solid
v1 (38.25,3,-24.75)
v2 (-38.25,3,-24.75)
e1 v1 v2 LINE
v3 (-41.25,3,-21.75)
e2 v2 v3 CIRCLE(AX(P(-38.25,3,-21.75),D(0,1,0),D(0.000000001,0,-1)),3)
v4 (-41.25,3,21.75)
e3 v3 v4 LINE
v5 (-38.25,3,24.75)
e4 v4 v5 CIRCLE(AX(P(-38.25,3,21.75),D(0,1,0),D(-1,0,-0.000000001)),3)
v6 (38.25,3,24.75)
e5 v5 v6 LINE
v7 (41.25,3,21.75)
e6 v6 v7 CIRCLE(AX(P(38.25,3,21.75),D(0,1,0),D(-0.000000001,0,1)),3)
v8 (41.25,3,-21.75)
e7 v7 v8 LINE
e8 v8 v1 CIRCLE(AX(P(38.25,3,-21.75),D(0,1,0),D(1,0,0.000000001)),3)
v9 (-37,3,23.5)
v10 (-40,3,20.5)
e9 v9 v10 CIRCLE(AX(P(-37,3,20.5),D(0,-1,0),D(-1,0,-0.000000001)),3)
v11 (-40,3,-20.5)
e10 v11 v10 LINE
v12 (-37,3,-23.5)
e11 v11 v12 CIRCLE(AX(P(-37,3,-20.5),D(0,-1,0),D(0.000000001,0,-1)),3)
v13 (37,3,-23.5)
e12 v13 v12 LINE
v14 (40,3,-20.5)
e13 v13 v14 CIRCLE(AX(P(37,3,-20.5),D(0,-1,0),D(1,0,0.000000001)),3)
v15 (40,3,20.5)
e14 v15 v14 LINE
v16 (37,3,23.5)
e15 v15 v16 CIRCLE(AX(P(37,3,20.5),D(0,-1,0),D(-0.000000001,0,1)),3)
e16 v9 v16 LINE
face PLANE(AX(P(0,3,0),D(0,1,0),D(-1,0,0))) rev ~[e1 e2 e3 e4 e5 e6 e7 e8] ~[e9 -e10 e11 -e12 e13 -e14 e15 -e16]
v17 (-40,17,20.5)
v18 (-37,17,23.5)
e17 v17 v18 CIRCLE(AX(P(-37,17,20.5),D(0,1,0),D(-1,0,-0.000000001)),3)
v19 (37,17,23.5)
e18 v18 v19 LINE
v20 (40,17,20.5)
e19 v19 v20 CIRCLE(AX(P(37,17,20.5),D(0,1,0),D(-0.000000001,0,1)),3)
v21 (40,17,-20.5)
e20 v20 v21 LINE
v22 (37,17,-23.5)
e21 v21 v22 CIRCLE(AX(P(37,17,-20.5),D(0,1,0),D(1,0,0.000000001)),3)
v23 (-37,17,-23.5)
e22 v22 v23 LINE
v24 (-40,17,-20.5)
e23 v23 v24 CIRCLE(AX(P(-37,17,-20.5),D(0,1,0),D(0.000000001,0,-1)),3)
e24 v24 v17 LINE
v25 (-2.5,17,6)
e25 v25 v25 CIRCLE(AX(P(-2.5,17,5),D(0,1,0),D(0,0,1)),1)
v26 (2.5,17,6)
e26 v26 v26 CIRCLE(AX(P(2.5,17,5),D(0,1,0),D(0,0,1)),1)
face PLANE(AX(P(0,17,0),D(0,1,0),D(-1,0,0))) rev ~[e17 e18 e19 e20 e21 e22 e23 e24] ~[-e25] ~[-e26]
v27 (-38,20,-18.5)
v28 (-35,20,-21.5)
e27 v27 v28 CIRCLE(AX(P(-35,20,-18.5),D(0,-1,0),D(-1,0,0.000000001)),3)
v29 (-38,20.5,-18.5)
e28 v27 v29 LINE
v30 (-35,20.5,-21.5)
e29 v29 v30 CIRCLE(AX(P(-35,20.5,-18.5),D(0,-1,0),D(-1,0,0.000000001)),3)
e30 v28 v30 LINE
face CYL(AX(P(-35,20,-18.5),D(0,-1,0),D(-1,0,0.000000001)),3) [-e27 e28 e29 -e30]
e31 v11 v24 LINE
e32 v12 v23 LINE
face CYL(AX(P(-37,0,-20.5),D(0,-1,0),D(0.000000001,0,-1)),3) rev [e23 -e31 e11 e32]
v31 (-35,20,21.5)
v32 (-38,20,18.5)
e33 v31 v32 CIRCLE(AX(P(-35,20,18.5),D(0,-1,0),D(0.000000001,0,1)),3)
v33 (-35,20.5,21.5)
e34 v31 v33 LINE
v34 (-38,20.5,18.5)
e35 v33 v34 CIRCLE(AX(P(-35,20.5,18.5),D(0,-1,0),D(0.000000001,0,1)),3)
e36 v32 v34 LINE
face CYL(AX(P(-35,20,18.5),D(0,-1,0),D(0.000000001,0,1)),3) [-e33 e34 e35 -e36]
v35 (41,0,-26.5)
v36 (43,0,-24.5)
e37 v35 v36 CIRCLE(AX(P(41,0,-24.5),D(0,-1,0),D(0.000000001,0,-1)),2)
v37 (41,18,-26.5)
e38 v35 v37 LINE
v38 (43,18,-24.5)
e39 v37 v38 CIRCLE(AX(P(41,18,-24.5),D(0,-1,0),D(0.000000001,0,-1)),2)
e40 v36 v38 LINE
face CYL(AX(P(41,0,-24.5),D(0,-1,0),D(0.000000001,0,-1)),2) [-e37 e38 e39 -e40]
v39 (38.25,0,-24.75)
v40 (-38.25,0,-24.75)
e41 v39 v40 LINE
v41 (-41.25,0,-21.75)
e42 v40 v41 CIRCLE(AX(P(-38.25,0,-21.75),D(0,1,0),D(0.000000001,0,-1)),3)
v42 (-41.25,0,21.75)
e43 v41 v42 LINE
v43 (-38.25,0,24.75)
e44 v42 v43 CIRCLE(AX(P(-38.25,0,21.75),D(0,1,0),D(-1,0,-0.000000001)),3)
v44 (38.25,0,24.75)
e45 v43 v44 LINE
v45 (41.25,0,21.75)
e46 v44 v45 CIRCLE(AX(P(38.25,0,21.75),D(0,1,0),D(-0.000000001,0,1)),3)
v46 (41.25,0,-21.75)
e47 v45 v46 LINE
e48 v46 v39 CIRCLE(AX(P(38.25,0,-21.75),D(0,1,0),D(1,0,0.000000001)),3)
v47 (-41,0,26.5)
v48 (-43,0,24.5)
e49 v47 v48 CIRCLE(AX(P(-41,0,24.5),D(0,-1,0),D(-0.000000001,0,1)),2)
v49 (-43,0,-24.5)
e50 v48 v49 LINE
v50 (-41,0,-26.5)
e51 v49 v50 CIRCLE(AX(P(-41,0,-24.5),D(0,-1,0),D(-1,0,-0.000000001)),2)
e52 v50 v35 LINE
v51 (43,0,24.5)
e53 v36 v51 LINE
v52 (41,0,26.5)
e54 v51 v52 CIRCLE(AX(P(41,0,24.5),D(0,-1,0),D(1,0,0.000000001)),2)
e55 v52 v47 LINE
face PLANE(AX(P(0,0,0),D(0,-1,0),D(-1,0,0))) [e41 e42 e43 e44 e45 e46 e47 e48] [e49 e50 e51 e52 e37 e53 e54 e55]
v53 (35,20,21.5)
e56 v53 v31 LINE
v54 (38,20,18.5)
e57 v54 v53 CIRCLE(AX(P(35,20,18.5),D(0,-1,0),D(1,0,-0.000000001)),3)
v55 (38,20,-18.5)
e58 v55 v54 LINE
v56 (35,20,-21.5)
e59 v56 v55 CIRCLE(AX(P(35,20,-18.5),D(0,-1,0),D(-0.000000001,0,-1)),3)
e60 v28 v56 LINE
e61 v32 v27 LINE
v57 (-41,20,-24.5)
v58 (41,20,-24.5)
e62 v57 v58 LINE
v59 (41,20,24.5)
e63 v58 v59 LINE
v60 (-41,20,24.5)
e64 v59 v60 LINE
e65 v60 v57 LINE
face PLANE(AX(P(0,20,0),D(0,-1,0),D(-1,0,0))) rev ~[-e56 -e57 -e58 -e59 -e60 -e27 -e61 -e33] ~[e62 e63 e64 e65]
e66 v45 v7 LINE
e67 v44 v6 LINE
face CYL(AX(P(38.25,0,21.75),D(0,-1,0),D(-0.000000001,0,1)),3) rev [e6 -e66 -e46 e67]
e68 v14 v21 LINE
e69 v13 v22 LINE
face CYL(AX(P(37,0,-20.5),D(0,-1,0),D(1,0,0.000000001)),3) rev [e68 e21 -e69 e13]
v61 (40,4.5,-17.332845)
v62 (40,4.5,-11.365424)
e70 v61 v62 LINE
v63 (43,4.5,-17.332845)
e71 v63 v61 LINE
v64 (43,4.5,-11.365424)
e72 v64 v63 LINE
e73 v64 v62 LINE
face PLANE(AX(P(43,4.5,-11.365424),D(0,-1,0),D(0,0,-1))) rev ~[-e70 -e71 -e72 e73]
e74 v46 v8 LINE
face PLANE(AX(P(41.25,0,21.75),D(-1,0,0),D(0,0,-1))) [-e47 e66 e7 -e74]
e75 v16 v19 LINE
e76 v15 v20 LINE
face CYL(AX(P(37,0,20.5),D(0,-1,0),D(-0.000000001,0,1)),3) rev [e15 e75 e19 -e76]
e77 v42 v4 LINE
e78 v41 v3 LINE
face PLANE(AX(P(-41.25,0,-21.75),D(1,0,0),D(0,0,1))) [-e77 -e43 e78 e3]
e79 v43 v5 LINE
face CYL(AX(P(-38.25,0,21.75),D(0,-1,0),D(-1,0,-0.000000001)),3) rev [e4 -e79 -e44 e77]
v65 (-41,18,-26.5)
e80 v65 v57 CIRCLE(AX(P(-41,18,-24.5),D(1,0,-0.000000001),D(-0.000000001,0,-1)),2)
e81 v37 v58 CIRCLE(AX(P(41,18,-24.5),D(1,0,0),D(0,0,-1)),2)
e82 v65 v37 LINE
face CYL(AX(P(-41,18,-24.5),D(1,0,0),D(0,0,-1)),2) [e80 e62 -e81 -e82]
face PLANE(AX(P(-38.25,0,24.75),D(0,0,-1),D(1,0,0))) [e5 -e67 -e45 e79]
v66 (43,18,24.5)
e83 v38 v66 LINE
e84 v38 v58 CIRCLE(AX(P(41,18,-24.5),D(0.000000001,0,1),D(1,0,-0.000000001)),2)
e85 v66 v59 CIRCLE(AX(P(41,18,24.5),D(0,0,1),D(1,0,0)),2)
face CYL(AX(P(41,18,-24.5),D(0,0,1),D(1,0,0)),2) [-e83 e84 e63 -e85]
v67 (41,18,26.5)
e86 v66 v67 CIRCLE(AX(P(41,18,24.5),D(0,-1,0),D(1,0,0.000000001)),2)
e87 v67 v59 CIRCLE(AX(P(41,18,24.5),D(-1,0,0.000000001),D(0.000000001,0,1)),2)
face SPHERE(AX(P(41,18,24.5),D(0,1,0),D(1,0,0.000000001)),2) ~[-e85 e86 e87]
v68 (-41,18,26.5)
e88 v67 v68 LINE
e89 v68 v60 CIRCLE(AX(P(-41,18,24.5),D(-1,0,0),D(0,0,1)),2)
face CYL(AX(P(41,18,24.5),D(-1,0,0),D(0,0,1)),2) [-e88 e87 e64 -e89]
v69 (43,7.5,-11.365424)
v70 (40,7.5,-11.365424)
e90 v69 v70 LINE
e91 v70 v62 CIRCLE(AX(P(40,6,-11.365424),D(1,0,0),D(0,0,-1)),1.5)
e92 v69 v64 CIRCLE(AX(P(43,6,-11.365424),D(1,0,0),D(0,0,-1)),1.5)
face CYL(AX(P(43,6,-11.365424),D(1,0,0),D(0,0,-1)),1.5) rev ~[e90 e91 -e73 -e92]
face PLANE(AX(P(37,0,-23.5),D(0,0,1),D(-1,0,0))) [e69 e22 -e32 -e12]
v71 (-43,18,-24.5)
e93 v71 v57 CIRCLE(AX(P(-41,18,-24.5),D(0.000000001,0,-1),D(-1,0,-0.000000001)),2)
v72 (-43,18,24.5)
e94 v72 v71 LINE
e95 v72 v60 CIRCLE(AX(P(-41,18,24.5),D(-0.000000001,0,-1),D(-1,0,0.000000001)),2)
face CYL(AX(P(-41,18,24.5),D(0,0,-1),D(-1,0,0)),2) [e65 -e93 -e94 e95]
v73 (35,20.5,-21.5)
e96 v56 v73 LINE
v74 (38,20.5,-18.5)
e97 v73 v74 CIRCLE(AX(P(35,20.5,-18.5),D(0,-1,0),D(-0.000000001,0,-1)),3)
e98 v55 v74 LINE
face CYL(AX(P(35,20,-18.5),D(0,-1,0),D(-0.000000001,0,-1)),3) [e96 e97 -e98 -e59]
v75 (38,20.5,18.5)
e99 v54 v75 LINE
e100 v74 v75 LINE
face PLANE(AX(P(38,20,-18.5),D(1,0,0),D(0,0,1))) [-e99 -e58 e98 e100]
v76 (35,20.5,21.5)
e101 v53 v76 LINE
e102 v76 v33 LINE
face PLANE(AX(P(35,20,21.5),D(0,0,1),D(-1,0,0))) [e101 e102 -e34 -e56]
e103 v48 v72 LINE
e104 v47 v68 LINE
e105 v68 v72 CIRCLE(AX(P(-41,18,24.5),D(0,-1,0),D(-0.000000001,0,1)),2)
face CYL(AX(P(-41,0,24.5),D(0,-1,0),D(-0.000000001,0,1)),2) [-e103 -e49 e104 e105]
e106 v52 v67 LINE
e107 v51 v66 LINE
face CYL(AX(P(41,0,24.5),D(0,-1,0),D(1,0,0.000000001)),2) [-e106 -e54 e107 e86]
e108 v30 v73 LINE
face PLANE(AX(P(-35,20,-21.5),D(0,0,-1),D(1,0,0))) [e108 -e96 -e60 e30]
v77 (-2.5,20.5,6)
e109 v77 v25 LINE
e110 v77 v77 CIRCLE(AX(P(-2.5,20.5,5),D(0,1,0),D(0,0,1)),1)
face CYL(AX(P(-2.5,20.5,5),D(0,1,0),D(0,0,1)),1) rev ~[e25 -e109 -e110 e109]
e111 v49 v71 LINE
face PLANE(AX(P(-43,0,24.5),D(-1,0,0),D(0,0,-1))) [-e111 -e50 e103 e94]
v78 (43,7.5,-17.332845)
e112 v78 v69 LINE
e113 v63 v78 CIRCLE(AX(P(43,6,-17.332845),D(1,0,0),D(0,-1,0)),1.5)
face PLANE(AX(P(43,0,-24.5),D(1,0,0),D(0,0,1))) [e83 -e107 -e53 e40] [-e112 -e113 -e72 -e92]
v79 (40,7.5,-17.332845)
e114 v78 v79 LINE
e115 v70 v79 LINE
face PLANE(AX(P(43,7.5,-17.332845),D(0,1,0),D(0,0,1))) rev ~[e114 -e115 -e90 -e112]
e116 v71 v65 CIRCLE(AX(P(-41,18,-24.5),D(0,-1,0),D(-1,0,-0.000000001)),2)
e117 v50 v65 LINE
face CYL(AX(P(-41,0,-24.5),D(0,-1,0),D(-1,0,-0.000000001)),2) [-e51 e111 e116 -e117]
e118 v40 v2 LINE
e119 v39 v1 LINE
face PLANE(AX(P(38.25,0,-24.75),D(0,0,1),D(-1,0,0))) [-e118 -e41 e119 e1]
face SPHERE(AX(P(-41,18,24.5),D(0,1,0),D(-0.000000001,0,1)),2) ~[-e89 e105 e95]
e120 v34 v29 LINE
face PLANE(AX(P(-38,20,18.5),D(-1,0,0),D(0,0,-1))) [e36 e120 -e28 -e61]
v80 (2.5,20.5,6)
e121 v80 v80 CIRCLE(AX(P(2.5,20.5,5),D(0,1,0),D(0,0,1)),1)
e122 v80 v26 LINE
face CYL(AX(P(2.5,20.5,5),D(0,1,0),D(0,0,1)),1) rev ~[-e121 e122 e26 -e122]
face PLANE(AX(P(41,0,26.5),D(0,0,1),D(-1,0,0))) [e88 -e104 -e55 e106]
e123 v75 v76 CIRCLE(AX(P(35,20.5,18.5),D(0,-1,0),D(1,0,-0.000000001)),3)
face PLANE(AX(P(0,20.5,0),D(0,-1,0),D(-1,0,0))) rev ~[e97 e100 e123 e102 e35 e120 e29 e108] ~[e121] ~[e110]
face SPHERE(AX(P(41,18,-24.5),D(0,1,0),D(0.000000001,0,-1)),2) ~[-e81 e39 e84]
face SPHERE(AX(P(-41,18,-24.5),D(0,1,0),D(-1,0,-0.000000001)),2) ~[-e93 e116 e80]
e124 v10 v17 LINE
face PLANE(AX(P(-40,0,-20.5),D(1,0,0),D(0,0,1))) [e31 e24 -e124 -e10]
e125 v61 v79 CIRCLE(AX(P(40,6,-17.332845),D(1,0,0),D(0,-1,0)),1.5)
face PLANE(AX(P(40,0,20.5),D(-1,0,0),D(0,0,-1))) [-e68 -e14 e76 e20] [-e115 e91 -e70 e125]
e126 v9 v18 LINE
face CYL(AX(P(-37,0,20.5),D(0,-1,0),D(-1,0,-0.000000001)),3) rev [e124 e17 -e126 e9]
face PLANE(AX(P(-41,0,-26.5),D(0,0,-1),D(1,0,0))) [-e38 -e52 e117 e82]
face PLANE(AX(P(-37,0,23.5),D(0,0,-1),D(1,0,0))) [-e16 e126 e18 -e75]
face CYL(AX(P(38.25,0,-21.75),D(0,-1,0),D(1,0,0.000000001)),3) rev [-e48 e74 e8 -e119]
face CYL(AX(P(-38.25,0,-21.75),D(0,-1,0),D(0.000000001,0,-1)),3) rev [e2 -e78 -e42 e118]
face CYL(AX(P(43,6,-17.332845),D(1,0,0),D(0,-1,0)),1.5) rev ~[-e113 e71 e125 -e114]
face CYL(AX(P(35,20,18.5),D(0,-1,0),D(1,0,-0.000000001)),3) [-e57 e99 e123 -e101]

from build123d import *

# Parameters (mm, degrees)
BOSS_EXTRUDE1_DEPTH = 20
FILLET1_R           = 2
BOSS_EXTRUDE2_DEPTH = 0.5
CUT_EXTRUDE1_DEPTH  = 17
CUT_EXTRUDE2_DEPTH  = 3
SKETCH5_R           = 1
CUT_EXTRUDE3_DEPTH  = 10
SKETCH6_R           = 1.5
CUT_EXTRUDE4_DEPTH  = 10


with BuildPart() as part:
    # Sketch1 → Boss-Extrude1 (new body)
    with BuildSketch(Plane(origin=(0, 0, 0), x_dir=(1, 0, 0), z_dir=(0, 1, 0))):
        with BuildLine():
            Line((-41, 26.5), (41, 26.5))
            ThreePointArc((41, 26.5), (42.414213562, 25.914213562), (43, 24.5))
            Line((43, 24.5), (43, -24.5))
            ThreePointArc((43, -24.5), (42.414213562, -25.914213562), (41, -26.5))
            Line((41, -26.5), (-41, -26.5))
            ThreePointArc((-41, -26.5), (-42.414213562, -25.914213562), (-43, -24.5))
            Line((-43, -24.5), (-43, 24.5))
            ThreePointArc((-43, 24.5), (-42.414213562, 25.914213562), (-41, 26.5))
        make_face()
    extrude(amount=BOSS_EXTRUDE1_DEPTH)

    # Fillet1
    fillet1_edges = [part.edges().sort_by_distance(p)[0] for p in [
        (-42.414213562, 20, -25.914213562),
        (-43, 20, 0),
        (-42.414213562, 20, 25.914213562),
        (0, 20, 26.5),
        (42.414213562, 20, 25.914213562),
        (43, 20, 0),
        (42.414213562, 20, -25.914213562),
        (0, 20, -26.5),
    ]]
    fillet(fillet1_edges, radius=FILLET1_R)

    # Sketch2 → Boss-Extrude2 (add)
    with BuildSketch(Plane(origin=(0, 20, 0), x_dir=(1, 0, 0), z_dir=(0, 1, 0))):
        with BuildLine():
            Line((-35, 21.5), (35, 21.5))
            ThreePointArc((35, 21.5), (37.121320344, 20.621320344), (38, 18.5))
            Line((38, 18.5), (38, -18.5))
            ThreePointArc((38, -18.5), (37.121320344, -20.621320344), (35, -21.5))
            Line((35, -21.5), (-35, -21.5))
            ThreePointArc((-35, -21.5), (-37.121320344, -20.621320344), (-38, -18.5))
            Line((-38, -18.5), (-38, 18.5))
            ThreePointArc((-38, 18.5), (-37.121320344, 20.621320344), (-35, 21.5))
        make_face()
    extrude(amount=BOSS_EXTRUDE2_DEPTH)

    # Sketch3 → Cut-Extrude1 (cut)
    with BuildSketch(Plane.XZ):
        with BuildLine():
            Line((-37, 23.5), (37, 23.5))
            ThreePointArc((37, 23.5), (39.121320344, 22.621320344), (40, 20.5))
            Line((40, 20.5), (40, -20.5))
            ThreePointArc((40, -20.5), (39.121320344, -22.621320344), (37, -23.5))
            Line((37, -23.5), (-37, -23.5))
            ThreePointArc((-37, -23.5), (-39.121320344, -22.621320344), (-40, -20.5))
            Line((-40, -20.5), (-40, 20.5))
            ThreePointArc((-40, 20.5), (-39.121320344, 22.621320344), (-37, 23.5))
        make_face()
    extrude(amount=-CUT_EXTRUDE1_DEPTH, mode=Mode.SUBTRACT)

    # Sketch4 → Cut-Extrude2 (cut)
    with BuildSketch(Plane.XZ):
        with BuildLine():
            Line((38.25, -24.75), (-38.25, -24.75))
            ThreePointArc((-38.25, -24.75), (-40.371320344, -23.871320344), (-41.25, -21.75))
            Line((-41.25, -21.75), (-41.25, 21.75))
            ThreePointArc((-41.25, 21.75), (-40.371320344, 23.871320344), (-38.25, 24.75))
            Line((-38.25, 24.75), (38.25, 24.75))
            ThreePointArc((38.25, 24.75), (40.371320344, 23.871320344), (41.25, 21.75))
            Line((41.25, 21.75), (41.25, -21.75))
            ThreePointArc((41.25, -21.75), (40.371320344, -23.871320344), (38.25, -24.75))
        make_face()
    extrude(amount=-CUT_EXTRUDE2_DEPTH, mode=Mode.SUBTRACT)

    # Sketch5 → Cut-Extrude3 (cut)
    with BuildSketch(Plane(origin=(0, 20.5, 0), x_dir=(1, 0, 0), z_dir=(0, 1, 0))):
        with Locations(Location((-2.5, -5, 0), (0, 0, 270))):
            Circle(SKETCH5_R)
        with Locations(Location((2.5, -5, 0), (0, 0, 270))):
            Circle(SKETCH5_R)
    extrude(amount=-CUT_EXTRUDE3_DEPTH, mode=Mode.SUBTRACT)

    # Sketch6 → Cut-Extrude4 (cut)
    with BuildSketch(Plane(origin=(43, 0, 0), x_dir=(0, 0, -1), z_dir=(1, 0, 0))):
        with Locations((11.365424158, 6)):
            Circle(SKETCH6_R)
        with BuildLine():
            Line((17.332844904, 7.5), (11.365424158, 7.5))
            ThreePointArc((11.365424158, 7.5), (12.426084329, 7.060660172), (12.865424158, 6))
            ThreePointArc((12.865424158, 6), (12.426084329, 4.939339828), (11.365424158, 4.5))
            Line((11.365424158, 4.5), (17.332844904, 4.5))
            ThreePointArc((17.332844904, 4.5), (15.832844904, 6), (17.332844904, 7.5))
        make_face()
        with Locations((17.332844904, 6)):
            Circle(SKETCH6_R)
    extrude(amount=-CUT_EXTRUDE4_DEPTH, mode=Mode.SUBTRACT)


solid = part.part
